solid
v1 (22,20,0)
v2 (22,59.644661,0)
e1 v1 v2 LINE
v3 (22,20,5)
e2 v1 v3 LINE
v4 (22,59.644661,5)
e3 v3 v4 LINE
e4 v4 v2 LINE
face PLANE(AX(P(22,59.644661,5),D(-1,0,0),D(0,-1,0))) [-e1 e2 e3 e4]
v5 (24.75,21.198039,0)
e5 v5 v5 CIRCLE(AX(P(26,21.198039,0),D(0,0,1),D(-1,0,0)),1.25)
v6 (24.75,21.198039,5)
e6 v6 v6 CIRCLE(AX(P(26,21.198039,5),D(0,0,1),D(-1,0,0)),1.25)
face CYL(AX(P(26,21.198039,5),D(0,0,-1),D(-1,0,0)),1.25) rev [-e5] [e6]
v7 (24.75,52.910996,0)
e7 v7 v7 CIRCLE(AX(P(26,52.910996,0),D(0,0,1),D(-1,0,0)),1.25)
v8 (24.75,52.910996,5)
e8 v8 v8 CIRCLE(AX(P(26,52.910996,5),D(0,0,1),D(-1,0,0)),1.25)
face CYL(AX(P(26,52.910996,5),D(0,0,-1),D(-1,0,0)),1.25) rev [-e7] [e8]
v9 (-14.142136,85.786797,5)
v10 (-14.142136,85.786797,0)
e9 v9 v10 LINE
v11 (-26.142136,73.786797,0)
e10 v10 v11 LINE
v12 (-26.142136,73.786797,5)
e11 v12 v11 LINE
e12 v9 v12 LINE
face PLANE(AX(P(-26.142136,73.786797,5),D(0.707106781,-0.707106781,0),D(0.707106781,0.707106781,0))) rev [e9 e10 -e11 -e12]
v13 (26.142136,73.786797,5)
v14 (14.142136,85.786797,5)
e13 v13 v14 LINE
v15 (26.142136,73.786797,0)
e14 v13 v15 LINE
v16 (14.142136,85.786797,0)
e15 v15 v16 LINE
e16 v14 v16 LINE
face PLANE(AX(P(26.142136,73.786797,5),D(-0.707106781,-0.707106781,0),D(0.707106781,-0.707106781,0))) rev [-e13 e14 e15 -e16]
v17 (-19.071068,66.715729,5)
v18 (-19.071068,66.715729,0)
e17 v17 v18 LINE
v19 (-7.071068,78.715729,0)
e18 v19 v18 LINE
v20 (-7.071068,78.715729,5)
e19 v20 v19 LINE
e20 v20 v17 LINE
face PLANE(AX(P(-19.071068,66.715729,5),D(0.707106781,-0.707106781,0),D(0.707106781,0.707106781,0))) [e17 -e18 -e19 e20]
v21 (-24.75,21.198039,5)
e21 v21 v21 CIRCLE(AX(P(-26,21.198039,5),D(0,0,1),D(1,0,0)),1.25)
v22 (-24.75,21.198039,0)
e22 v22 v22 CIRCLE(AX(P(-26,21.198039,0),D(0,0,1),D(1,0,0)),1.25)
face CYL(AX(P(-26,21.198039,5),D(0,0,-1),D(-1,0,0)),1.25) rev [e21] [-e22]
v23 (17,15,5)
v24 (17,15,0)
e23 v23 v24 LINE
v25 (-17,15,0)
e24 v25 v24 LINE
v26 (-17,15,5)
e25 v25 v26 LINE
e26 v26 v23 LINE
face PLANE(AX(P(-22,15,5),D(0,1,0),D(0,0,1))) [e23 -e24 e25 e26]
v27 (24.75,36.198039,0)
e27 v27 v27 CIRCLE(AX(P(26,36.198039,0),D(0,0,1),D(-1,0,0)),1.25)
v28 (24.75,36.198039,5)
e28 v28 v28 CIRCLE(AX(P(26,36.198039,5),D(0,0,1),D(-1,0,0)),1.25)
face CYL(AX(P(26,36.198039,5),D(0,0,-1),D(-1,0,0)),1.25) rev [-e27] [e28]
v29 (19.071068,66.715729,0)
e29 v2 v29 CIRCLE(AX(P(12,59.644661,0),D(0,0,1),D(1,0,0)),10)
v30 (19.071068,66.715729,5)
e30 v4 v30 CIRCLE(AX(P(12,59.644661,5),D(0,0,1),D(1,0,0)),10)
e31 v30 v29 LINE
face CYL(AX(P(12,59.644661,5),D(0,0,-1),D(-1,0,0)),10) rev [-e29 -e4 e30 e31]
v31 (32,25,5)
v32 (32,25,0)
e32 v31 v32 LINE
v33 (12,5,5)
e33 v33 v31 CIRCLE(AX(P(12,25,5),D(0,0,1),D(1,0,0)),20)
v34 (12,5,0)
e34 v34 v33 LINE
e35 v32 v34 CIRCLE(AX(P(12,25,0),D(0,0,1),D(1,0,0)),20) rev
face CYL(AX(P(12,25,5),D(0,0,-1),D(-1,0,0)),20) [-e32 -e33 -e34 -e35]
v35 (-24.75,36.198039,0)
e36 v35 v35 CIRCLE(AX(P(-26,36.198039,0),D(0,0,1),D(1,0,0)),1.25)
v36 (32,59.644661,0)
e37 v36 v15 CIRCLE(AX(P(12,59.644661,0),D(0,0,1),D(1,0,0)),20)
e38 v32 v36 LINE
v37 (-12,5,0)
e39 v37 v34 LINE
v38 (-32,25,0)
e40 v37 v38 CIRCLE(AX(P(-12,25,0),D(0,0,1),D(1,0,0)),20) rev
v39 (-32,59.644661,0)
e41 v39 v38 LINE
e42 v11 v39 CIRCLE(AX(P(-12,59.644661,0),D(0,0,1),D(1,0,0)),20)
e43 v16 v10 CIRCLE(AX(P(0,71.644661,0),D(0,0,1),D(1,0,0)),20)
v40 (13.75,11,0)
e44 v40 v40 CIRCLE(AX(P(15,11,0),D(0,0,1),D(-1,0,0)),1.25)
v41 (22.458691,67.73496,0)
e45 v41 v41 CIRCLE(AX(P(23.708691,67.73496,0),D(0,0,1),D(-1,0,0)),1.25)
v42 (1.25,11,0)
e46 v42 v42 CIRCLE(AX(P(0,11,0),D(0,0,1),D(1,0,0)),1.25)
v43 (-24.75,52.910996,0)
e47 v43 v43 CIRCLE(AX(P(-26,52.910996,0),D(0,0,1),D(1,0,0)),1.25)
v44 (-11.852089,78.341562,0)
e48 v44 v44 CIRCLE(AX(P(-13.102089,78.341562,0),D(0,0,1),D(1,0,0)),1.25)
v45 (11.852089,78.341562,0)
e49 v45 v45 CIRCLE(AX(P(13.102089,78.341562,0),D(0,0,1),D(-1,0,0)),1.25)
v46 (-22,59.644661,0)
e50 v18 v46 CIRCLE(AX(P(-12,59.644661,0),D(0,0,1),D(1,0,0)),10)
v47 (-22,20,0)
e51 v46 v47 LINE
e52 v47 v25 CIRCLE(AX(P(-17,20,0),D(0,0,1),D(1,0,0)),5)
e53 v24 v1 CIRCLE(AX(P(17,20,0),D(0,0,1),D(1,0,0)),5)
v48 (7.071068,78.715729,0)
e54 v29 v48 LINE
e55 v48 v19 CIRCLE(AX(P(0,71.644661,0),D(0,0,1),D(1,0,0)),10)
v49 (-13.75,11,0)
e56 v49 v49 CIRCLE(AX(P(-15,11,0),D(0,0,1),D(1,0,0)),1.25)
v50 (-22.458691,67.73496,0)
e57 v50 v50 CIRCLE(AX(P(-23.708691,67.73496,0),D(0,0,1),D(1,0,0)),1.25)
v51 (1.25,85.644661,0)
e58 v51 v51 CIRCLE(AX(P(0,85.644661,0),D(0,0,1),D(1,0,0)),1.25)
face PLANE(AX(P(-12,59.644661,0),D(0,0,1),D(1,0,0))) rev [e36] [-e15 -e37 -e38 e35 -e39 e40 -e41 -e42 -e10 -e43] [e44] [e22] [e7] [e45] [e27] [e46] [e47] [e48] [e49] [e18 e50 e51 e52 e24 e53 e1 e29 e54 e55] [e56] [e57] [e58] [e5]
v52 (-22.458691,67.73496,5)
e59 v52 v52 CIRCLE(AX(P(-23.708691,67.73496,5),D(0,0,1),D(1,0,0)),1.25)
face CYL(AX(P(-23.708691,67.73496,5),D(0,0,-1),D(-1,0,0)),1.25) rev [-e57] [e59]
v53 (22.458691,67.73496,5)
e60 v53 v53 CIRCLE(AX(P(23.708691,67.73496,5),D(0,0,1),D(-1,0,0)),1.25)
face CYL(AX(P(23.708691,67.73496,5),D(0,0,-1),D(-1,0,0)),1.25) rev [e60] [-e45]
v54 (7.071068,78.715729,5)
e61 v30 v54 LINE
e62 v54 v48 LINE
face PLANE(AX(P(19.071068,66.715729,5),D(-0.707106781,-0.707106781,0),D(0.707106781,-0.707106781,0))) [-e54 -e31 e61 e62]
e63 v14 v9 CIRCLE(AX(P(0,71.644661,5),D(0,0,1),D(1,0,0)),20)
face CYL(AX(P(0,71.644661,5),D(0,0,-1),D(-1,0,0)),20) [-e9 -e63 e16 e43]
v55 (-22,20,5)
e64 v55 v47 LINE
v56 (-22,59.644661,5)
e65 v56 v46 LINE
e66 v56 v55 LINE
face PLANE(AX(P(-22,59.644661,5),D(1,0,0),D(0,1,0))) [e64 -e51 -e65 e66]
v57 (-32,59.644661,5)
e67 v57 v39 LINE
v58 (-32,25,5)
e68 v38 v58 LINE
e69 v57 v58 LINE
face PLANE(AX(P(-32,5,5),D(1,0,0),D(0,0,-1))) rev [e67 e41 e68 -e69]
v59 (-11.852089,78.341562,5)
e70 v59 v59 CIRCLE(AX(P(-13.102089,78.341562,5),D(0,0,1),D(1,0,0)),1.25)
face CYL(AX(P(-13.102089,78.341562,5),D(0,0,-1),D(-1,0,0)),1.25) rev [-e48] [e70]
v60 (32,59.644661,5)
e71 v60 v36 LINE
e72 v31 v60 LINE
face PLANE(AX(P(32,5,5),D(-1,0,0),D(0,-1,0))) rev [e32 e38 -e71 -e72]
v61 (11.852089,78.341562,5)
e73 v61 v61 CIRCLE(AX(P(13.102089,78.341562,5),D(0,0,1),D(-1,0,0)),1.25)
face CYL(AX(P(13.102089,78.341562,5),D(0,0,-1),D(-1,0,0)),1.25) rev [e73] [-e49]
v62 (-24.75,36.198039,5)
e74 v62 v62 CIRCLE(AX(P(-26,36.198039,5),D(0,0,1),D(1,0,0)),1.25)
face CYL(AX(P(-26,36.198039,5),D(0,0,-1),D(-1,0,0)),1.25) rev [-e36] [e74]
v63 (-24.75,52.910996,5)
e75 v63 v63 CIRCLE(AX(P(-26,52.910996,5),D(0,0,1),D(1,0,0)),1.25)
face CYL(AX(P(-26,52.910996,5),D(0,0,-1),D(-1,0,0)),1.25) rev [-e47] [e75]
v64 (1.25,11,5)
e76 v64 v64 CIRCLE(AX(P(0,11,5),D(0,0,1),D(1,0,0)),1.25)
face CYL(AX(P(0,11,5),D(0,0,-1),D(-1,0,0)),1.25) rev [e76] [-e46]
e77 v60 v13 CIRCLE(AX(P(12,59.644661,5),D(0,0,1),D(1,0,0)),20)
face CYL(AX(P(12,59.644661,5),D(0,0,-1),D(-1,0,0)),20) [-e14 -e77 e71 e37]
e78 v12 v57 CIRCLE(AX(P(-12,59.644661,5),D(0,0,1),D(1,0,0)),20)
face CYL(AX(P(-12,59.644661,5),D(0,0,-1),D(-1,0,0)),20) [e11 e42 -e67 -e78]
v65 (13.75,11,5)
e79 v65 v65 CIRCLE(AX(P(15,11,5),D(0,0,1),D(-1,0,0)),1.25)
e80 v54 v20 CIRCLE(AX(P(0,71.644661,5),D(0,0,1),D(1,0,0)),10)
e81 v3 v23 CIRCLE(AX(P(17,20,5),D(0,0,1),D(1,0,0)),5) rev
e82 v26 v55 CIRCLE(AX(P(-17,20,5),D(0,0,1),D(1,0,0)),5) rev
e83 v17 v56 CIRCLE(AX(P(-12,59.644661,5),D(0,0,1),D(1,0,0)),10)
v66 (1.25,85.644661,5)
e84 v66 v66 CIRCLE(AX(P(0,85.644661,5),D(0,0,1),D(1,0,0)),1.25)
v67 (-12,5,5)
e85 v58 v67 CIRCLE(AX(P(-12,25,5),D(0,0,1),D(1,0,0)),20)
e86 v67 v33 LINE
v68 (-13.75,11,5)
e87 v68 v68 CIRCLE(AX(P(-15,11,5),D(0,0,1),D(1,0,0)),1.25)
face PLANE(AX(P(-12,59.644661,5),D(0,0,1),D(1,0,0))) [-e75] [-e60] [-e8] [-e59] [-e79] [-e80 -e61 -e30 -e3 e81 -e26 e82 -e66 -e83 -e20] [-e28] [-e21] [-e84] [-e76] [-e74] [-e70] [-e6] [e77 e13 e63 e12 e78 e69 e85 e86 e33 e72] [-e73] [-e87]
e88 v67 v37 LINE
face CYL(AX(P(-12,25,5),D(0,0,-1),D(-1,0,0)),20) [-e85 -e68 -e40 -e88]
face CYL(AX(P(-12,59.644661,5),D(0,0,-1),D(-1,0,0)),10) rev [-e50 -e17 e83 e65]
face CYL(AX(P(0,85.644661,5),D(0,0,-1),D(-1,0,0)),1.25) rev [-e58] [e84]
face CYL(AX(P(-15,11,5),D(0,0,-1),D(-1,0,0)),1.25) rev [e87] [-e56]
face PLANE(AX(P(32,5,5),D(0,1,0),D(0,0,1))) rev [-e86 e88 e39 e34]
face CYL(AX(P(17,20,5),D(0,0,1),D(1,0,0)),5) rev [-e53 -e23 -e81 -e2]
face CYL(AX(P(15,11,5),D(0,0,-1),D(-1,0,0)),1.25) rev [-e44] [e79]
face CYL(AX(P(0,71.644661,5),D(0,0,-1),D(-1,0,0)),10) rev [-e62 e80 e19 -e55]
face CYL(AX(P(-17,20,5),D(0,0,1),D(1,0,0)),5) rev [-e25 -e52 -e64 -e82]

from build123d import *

# Parameters (mm, degrees)
SKETCH1_R           = 1.25
BOSS_EXTRUDE1_DEPTH = 5
FILLET1_R           = 20
FILLET2_R           = 5


with BuildPart() as part:
    # Sketch1 → Boss-Extrude1 (new body)
    with BuildSketch(Plane.XY):
        with BuildLine():
            Line((32, 5), (-32, 5))
            Line((-32, 5), (-32, 59.644660941))
            ThreePointArc((-32, 59.644660941), (-30.47759065, 67.298329588), (-26.142135624, 73.786796564))
            Line((-26.142135624, 73.786796564), (-14.142135624, 85.786796564))
            ThreePointArc((-14.142135624, 85.786796564), (0, 91.644660941), (14.142135624, 85.786796564))
            Line((14.142135624, 85.786796564), (26.142135624, 73.786796564))
            ThreePointArc((26.142135624, 73.786796564), (30.47759065, 67.298329588), (32, 59.644660941))
            Line((32, 59.644660941), (32, 5))
        make_face()
        with Locations((0, 85.644660941)):
            Circle(SKETCH1_R, mode=Mode.SUBTRACT)
        with Locations((-13.102089171, 78.341561643)):
            Circle(SKETCH1_R, mode=Mode.SUBTRACT)
        with Locations((-23.708690889, 67.734959925)):
            Circle(SKETCH1_R, mode=Mode.SUBTRACT)
        with Locations((-26, 52.910996131)):
            Circle(SKETCH1_R, mode=Mode.SUBTRACT)
        with Locations((-26, 36.198039027)):
            Circle(SKETCH1_R, mode=Mode.SUBTRACT)
        with Locations((-26, 21.198039027)):
            Circle(SKETCH1_R, mode=Mode.SUBTRACT)
        with Locations((0, 11)):
            Circle(SKETCH1_R, mode=Mode.SUBTRACT)
        with Locations((-15, 11)):
            Circle(SKETCH1_R, mode=Mode.SUBTRACT)
        with Locations(Location((13.102089171, 78.341561643, 0), (0, 0, 180))):
            Circle(SKETCH1_R, mode=Mode.SUBTRACT)
        with Locations(Location((23.708690889, 67.734959925, 0), (0, 0, 180))):
            Circle(SKETCH1_R, mode=Mode.SUBTRACT)
        with Locations(Location((26, 52.910996131, 0), (0, 0, 180))):
            Circle(SKETCH1_R, mode=Mode.SUBTRACT)
        with Locations(Location((26, 36.198039027, 0), (0, 0, 180))):
            Circle(SKETCH1_R, mode=Mode.SUBTRACT)
        with Locations(Location((26, 21.198039027, 0), (0, 0, 180))):
            Circle(SKETCH1_R, mode=Mode.SUBTRACT)
        with Locations(Location((15, 11, 0), (0, 0, 180))):
            Circle(SKETCH1_R, mode=Mode.SUBTRACT)
        with BuildLine():
            Line((-22, 59.644660941), (-22, 15))
            Line((-22, 15), (22, 15))
            Line((22, 15), (22, 59.644660941))
            ThreePointArc((22, 59.644660941), (21.238795325, 63.471495264), (19.071067812, 66.715728753))
            Line((19.071067812, 66.715728753), (7.071067812, 78.715728753))
            ThreePointArc((7.071067812, 78.715728753), (0, 81.644660941), (-7.071067812, 78.715728753))
            Line((-7.071067812, 78.715728753), (-19.071067812, 66.715728753))
            ThreePointArc((-19.071067812, 66.715728753), (-21.238795325, 63.471495264), (-22, 59.644660941))
        make_face(mode=Mode.SUBTRACT)
    extrude(amount=BOSS_EXTRUDE1_DEPTH)

    # Fillet1
    fillet1_edges = [part.edges().sort_by_distance(p)[0] for p in [
        (32, 5, 2.5),
        (-32, 5, 2.5),
    ]]
    fillet(fillet1_edges, radius=FILLET1_R)

    # Fillet2
    fillet2_edges = [part.edges().sort_by_distance(p)[0] for p in [
        (22, 15, 2.5),
        (-22, 15, 2.5),
    ]]
    fillet(fillet2_edges, radius=FILLET2_R)


solid = part.part
